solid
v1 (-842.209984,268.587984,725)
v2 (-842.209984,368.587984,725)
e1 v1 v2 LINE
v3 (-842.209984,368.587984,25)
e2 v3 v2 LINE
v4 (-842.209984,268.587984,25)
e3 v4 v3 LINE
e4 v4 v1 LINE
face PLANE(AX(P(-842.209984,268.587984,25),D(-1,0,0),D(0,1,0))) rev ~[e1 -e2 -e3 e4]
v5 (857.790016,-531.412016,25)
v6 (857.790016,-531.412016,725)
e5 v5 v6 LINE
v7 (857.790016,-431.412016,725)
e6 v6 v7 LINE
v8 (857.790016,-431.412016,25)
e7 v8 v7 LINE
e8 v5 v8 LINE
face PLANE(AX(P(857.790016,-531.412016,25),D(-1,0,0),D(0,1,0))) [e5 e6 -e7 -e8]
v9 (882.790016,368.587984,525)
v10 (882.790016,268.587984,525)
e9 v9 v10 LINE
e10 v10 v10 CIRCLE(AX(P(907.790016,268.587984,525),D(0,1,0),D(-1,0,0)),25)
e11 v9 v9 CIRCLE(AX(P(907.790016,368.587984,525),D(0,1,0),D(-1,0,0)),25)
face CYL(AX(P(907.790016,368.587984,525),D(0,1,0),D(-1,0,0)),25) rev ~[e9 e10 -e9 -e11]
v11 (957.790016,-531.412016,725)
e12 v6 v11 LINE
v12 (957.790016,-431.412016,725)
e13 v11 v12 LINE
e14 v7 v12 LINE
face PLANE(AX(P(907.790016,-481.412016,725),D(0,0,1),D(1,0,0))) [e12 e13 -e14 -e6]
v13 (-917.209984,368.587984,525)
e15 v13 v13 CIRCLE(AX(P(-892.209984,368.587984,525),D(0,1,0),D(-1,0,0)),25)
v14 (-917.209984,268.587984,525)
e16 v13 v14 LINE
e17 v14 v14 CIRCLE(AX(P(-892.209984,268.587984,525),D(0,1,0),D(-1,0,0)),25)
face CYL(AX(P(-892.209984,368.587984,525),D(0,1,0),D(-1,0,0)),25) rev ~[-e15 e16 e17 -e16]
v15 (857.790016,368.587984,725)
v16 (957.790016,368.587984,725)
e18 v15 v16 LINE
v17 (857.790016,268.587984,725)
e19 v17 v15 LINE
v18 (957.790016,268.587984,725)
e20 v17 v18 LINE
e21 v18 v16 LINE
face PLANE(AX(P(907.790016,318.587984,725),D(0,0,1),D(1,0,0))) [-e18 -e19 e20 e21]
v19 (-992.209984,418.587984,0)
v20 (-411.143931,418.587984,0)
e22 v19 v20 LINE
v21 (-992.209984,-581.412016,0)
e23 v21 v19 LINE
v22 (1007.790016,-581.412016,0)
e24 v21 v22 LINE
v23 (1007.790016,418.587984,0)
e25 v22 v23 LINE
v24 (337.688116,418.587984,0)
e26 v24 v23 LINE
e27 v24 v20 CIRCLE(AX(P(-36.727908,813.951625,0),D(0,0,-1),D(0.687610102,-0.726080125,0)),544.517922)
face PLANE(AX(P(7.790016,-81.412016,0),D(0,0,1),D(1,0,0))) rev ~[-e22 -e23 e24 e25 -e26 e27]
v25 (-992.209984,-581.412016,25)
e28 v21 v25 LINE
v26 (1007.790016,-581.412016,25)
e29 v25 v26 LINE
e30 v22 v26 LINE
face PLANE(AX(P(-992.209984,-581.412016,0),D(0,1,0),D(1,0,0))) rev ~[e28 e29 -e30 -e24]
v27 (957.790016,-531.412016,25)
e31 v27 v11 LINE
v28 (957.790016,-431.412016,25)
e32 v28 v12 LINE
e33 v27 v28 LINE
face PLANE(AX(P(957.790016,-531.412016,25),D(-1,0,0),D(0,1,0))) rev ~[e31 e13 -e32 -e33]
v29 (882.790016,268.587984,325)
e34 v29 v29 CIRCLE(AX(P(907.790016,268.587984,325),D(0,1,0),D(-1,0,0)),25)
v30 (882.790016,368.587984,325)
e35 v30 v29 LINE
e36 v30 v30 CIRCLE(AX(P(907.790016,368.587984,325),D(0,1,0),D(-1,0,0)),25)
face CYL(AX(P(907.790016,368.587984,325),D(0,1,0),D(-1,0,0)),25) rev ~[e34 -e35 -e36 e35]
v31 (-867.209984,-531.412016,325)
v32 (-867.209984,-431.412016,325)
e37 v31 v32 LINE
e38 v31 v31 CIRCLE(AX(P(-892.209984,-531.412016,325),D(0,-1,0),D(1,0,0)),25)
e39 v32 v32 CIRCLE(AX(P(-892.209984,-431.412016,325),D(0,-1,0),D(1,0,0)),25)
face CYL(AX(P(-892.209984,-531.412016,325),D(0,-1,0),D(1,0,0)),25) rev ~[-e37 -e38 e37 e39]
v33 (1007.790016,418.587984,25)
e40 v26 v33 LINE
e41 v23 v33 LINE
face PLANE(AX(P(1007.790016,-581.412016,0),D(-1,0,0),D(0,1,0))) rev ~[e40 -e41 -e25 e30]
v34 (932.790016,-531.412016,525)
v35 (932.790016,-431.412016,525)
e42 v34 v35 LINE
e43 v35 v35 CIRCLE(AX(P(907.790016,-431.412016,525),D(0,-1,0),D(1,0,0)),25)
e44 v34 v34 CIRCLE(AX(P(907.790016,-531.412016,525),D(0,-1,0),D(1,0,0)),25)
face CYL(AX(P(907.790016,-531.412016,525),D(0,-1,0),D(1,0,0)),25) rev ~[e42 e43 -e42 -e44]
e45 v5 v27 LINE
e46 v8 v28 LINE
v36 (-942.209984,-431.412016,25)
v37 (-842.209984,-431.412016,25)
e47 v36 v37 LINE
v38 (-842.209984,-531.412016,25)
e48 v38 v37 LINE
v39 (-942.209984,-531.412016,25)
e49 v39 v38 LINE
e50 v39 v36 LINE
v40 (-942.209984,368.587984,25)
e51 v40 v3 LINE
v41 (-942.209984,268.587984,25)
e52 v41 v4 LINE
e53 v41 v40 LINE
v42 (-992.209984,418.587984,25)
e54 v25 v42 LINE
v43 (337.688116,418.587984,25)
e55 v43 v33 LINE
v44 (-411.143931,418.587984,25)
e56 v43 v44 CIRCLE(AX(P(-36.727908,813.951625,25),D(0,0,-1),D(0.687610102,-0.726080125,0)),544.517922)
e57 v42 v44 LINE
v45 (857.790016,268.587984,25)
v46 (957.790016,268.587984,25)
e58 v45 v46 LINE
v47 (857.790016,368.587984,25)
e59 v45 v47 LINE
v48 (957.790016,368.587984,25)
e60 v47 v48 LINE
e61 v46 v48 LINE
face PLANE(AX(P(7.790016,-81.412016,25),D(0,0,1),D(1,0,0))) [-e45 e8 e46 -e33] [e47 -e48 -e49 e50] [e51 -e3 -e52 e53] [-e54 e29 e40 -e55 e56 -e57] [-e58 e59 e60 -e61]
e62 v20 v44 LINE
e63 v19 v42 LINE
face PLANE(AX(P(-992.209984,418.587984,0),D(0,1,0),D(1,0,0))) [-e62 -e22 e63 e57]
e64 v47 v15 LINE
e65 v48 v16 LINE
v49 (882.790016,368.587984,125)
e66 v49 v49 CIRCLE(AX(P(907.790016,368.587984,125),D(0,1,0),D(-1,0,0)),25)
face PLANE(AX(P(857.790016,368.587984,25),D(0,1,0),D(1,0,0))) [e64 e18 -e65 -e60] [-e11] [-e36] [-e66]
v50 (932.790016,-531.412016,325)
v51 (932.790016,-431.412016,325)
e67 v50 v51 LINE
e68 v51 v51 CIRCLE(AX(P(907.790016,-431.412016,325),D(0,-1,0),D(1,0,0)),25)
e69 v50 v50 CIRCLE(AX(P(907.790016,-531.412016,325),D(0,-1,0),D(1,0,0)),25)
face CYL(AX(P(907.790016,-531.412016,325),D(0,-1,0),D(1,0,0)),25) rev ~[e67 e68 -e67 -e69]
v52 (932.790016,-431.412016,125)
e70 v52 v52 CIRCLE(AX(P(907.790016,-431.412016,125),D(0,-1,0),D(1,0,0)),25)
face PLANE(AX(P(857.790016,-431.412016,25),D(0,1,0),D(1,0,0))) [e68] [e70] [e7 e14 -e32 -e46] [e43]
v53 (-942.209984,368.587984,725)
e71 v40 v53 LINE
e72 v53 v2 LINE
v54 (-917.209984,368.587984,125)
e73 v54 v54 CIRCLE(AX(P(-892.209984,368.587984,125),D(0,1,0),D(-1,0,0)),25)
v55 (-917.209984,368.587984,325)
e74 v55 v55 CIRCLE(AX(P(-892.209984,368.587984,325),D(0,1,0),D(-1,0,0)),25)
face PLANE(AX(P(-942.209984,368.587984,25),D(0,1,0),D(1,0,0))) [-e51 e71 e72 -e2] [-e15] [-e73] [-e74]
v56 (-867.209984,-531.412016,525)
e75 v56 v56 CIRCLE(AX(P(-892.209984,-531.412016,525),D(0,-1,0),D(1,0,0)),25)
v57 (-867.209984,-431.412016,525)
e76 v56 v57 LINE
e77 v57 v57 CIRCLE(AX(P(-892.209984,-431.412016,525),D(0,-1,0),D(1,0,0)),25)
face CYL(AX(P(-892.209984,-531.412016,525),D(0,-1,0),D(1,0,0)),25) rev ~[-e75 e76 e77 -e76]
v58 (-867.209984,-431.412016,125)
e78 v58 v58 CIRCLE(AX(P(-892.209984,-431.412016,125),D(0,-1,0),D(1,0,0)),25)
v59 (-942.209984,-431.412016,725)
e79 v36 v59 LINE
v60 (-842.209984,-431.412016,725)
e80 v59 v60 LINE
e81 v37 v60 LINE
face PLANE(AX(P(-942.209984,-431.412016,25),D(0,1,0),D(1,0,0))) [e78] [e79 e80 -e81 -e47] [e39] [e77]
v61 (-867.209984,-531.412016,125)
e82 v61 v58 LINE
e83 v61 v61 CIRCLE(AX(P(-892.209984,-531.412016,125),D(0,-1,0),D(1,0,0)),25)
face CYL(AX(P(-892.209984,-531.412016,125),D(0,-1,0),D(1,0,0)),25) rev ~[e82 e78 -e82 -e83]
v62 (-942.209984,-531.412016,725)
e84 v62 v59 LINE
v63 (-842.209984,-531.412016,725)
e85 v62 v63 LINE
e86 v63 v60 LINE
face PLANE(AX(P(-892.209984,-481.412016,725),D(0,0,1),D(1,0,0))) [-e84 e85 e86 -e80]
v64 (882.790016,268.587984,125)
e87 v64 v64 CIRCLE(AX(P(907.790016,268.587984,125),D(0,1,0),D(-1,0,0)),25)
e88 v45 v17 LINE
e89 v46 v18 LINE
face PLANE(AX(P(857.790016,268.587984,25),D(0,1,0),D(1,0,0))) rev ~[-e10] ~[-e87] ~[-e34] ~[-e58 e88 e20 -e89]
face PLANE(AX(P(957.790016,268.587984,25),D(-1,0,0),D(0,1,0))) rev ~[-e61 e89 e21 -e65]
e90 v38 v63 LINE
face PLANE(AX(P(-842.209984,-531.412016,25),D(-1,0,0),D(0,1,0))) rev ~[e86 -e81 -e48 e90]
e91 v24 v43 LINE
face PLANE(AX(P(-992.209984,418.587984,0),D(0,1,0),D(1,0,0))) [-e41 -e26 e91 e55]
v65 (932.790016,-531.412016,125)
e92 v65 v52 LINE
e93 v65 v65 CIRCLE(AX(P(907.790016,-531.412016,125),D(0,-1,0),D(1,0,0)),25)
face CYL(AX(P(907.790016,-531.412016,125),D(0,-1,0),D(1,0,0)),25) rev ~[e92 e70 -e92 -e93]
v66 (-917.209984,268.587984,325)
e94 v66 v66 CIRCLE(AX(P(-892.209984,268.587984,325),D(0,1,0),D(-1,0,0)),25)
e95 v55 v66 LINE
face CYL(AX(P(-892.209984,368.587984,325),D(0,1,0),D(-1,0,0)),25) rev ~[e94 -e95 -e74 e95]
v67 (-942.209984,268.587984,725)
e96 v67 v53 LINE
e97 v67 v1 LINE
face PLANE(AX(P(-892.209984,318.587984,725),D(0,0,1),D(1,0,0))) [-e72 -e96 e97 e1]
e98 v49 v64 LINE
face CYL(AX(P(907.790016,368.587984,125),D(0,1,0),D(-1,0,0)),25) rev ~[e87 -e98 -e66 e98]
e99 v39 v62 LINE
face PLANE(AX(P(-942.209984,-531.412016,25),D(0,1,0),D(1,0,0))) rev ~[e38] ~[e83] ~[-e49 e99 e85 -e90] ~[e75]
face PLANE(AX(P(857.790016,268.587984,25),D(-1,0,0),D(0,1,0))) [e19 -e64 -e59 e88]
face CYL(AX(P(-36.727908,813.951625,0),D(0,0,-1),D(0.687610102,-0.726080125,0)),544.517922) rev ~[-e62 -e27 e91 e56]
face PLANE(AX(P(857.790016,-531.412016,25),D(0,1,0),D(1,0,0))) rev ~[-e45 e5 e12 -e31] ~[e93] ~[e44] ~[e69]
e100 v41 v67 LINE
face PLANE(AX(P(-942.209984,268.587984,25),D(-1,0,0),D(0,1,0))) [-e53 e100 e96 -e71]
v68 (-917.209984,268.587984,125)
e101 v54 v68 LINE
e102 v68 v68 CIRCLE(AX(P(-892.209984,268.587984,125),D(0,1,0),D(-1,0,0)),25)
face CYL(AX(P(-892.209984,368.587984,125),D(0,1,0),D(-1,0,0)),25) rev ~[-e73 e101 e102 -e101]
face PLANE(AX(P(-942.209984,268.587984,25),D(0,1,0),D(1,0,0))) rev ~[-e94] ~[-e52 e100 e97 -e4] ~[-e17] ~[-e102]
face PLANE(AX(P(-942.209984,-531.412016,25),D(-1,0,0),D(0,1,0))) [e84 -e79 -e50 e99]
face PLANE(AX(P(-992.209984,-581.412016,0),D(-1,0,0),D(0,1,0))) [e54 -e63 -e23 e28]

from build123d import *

# Parameters (mm, degrees)
F0_W      = 2000
F0_H      = 1000
F1_DEPTH  = 25
F2_W      = 100
F2_H      = 100
F3_DEPTH  = 700
F4_R      = 25
F5_DEPTH  = 100
F6_W      = 100
F6_H      = 100
F7_DEPTH  = 700
F8_R      = 25
F9_DEPTH  = 100
F10_W     = 100
F10_H     = 100
F11_DEPTH = 700
F12_R     = 25
F13_DEPTH = 100
F14_W     = 100
F14_H     = 100
F15_DEPTH = 700
F16_R     = 25
F17_DEPTH = 100
F19_DEPTH = 25


with BuildPart() as f1:
    # F0 (on Top) → F1 (new body)
    with BuildSketch(Plane.XY):
        with Locations((7.790016, -81.412016)):
            Rectangle(F0_W, F0_H)
    extrude(amount=F1_DEPTH)

    # F2 (on face) → F3 (join)
    with BuildSketch(Plane.XY.offset(25)):
        with Locations((-892.209984, 318.587984)):
            Rectangle(F2_W, F2_H)
    extrude(amount=F3_DEPTH)

    # F4 (on face) → F5 (cut)
    with BuildSketch(Plane(origin=(0, 368.587984, 0), x_dir=(-1, 0, 0), z_dir=(0, 1, 0))):
        with Locations((892.209984, 125)):
            Circle(F4_R)
        with Locations((892.209984, 325)):
            Circle(F4_R)
        with Locations((892.209984, 525)):
            Circle(F4_R)
    extrude(amount=-F5_DEPTH, mode=Mode.SUBTRACT)

    # F6 (on face) → F7 (join)
    with BuildSketch(Plane.XY.offset(25)):
        with Locations((907.790016, 318.587984)):
            Rectangle(F6_W, F6_H)
    extrude(amount=F7_DEPTH)

    # F8 (on face) → F9 (cut)
    with BuildSketch(Plane(origin=(0, 368.587984, 0), x_dir=(-1, 0, 0), z_dir=(0, 1, 0))):
        with Locations((-907.790016, 125)):
            Circle(F8_R)
        with Locations((-907.790016, 325)):
            Circle(F8_R)
        with Locations((-907.790016, 525)):
            Circle(F8_R)
    extrude(amount=-F9_DEPTH, mode=Mode.SUBTRACT)

    # F10 (on face) → F11 (join)
    with BuildSketch(Plane.XY.offset(25)):
        with Locations((-892.209984, -481.412016)):
            Rectangle(F10_W, F10_H)
    extrude(amount=F11_DEPTH)

    # F12 (on face) → F13 (cut)
    with BuildSketch(Plane.XZ.offset(531.412016)):
        with Locations((-892.209984, 525)):
            Circle(F12_R)
        with Locations((-892.209984, 325)):
            Circle(F12_R)
        with Locations((-892.209984, 125)):
            Circle(F12_R)
    extrude(amount=-F13_DEPTH, mode=Mode.SUBTRACT)

    # F14 (on face) → F15 (join)
    with BuildSketch(Plane.XY.offset(25)):
        with Locations((907.790016, -481.412016)):
            Rectangle(F14_W, F14_H)
    extrude(amount=F15_DEPTH)

    # F16 (on face) → F17 (cut)
    with BuildSketch(Plane.XZ.offset(531.412016)):
        with Locations((907.790016, 525)):
            Circle(F16_R)
        with Locations((907.790016, 325)):
            Circle(F16_R)
        with Locations((907.790016, 125)):
            Circle(F16_R)
    extrude(amount=-F17_DEPTH, mode=Mode.SUBTRACT)

    # F18 (on face) → F19 (cut)
    with BuildSketch(Plane(origin=(0, 0, 0), x_dir=(1, 0, 0), z_dir=(0, 0, -1))):
        with BuildLine():
            Line((-411.143931, -418.587984), (337.688116, -418.587984))
            ThreePointArc((337.688116, -418.587984), (-36.727907, -269.433703), (-411.143931, -418.587984))
        make_face()
    extrude(amount=-F19_DEPTH, mode=Mode.SUBTRACT)


solid = f1.part
